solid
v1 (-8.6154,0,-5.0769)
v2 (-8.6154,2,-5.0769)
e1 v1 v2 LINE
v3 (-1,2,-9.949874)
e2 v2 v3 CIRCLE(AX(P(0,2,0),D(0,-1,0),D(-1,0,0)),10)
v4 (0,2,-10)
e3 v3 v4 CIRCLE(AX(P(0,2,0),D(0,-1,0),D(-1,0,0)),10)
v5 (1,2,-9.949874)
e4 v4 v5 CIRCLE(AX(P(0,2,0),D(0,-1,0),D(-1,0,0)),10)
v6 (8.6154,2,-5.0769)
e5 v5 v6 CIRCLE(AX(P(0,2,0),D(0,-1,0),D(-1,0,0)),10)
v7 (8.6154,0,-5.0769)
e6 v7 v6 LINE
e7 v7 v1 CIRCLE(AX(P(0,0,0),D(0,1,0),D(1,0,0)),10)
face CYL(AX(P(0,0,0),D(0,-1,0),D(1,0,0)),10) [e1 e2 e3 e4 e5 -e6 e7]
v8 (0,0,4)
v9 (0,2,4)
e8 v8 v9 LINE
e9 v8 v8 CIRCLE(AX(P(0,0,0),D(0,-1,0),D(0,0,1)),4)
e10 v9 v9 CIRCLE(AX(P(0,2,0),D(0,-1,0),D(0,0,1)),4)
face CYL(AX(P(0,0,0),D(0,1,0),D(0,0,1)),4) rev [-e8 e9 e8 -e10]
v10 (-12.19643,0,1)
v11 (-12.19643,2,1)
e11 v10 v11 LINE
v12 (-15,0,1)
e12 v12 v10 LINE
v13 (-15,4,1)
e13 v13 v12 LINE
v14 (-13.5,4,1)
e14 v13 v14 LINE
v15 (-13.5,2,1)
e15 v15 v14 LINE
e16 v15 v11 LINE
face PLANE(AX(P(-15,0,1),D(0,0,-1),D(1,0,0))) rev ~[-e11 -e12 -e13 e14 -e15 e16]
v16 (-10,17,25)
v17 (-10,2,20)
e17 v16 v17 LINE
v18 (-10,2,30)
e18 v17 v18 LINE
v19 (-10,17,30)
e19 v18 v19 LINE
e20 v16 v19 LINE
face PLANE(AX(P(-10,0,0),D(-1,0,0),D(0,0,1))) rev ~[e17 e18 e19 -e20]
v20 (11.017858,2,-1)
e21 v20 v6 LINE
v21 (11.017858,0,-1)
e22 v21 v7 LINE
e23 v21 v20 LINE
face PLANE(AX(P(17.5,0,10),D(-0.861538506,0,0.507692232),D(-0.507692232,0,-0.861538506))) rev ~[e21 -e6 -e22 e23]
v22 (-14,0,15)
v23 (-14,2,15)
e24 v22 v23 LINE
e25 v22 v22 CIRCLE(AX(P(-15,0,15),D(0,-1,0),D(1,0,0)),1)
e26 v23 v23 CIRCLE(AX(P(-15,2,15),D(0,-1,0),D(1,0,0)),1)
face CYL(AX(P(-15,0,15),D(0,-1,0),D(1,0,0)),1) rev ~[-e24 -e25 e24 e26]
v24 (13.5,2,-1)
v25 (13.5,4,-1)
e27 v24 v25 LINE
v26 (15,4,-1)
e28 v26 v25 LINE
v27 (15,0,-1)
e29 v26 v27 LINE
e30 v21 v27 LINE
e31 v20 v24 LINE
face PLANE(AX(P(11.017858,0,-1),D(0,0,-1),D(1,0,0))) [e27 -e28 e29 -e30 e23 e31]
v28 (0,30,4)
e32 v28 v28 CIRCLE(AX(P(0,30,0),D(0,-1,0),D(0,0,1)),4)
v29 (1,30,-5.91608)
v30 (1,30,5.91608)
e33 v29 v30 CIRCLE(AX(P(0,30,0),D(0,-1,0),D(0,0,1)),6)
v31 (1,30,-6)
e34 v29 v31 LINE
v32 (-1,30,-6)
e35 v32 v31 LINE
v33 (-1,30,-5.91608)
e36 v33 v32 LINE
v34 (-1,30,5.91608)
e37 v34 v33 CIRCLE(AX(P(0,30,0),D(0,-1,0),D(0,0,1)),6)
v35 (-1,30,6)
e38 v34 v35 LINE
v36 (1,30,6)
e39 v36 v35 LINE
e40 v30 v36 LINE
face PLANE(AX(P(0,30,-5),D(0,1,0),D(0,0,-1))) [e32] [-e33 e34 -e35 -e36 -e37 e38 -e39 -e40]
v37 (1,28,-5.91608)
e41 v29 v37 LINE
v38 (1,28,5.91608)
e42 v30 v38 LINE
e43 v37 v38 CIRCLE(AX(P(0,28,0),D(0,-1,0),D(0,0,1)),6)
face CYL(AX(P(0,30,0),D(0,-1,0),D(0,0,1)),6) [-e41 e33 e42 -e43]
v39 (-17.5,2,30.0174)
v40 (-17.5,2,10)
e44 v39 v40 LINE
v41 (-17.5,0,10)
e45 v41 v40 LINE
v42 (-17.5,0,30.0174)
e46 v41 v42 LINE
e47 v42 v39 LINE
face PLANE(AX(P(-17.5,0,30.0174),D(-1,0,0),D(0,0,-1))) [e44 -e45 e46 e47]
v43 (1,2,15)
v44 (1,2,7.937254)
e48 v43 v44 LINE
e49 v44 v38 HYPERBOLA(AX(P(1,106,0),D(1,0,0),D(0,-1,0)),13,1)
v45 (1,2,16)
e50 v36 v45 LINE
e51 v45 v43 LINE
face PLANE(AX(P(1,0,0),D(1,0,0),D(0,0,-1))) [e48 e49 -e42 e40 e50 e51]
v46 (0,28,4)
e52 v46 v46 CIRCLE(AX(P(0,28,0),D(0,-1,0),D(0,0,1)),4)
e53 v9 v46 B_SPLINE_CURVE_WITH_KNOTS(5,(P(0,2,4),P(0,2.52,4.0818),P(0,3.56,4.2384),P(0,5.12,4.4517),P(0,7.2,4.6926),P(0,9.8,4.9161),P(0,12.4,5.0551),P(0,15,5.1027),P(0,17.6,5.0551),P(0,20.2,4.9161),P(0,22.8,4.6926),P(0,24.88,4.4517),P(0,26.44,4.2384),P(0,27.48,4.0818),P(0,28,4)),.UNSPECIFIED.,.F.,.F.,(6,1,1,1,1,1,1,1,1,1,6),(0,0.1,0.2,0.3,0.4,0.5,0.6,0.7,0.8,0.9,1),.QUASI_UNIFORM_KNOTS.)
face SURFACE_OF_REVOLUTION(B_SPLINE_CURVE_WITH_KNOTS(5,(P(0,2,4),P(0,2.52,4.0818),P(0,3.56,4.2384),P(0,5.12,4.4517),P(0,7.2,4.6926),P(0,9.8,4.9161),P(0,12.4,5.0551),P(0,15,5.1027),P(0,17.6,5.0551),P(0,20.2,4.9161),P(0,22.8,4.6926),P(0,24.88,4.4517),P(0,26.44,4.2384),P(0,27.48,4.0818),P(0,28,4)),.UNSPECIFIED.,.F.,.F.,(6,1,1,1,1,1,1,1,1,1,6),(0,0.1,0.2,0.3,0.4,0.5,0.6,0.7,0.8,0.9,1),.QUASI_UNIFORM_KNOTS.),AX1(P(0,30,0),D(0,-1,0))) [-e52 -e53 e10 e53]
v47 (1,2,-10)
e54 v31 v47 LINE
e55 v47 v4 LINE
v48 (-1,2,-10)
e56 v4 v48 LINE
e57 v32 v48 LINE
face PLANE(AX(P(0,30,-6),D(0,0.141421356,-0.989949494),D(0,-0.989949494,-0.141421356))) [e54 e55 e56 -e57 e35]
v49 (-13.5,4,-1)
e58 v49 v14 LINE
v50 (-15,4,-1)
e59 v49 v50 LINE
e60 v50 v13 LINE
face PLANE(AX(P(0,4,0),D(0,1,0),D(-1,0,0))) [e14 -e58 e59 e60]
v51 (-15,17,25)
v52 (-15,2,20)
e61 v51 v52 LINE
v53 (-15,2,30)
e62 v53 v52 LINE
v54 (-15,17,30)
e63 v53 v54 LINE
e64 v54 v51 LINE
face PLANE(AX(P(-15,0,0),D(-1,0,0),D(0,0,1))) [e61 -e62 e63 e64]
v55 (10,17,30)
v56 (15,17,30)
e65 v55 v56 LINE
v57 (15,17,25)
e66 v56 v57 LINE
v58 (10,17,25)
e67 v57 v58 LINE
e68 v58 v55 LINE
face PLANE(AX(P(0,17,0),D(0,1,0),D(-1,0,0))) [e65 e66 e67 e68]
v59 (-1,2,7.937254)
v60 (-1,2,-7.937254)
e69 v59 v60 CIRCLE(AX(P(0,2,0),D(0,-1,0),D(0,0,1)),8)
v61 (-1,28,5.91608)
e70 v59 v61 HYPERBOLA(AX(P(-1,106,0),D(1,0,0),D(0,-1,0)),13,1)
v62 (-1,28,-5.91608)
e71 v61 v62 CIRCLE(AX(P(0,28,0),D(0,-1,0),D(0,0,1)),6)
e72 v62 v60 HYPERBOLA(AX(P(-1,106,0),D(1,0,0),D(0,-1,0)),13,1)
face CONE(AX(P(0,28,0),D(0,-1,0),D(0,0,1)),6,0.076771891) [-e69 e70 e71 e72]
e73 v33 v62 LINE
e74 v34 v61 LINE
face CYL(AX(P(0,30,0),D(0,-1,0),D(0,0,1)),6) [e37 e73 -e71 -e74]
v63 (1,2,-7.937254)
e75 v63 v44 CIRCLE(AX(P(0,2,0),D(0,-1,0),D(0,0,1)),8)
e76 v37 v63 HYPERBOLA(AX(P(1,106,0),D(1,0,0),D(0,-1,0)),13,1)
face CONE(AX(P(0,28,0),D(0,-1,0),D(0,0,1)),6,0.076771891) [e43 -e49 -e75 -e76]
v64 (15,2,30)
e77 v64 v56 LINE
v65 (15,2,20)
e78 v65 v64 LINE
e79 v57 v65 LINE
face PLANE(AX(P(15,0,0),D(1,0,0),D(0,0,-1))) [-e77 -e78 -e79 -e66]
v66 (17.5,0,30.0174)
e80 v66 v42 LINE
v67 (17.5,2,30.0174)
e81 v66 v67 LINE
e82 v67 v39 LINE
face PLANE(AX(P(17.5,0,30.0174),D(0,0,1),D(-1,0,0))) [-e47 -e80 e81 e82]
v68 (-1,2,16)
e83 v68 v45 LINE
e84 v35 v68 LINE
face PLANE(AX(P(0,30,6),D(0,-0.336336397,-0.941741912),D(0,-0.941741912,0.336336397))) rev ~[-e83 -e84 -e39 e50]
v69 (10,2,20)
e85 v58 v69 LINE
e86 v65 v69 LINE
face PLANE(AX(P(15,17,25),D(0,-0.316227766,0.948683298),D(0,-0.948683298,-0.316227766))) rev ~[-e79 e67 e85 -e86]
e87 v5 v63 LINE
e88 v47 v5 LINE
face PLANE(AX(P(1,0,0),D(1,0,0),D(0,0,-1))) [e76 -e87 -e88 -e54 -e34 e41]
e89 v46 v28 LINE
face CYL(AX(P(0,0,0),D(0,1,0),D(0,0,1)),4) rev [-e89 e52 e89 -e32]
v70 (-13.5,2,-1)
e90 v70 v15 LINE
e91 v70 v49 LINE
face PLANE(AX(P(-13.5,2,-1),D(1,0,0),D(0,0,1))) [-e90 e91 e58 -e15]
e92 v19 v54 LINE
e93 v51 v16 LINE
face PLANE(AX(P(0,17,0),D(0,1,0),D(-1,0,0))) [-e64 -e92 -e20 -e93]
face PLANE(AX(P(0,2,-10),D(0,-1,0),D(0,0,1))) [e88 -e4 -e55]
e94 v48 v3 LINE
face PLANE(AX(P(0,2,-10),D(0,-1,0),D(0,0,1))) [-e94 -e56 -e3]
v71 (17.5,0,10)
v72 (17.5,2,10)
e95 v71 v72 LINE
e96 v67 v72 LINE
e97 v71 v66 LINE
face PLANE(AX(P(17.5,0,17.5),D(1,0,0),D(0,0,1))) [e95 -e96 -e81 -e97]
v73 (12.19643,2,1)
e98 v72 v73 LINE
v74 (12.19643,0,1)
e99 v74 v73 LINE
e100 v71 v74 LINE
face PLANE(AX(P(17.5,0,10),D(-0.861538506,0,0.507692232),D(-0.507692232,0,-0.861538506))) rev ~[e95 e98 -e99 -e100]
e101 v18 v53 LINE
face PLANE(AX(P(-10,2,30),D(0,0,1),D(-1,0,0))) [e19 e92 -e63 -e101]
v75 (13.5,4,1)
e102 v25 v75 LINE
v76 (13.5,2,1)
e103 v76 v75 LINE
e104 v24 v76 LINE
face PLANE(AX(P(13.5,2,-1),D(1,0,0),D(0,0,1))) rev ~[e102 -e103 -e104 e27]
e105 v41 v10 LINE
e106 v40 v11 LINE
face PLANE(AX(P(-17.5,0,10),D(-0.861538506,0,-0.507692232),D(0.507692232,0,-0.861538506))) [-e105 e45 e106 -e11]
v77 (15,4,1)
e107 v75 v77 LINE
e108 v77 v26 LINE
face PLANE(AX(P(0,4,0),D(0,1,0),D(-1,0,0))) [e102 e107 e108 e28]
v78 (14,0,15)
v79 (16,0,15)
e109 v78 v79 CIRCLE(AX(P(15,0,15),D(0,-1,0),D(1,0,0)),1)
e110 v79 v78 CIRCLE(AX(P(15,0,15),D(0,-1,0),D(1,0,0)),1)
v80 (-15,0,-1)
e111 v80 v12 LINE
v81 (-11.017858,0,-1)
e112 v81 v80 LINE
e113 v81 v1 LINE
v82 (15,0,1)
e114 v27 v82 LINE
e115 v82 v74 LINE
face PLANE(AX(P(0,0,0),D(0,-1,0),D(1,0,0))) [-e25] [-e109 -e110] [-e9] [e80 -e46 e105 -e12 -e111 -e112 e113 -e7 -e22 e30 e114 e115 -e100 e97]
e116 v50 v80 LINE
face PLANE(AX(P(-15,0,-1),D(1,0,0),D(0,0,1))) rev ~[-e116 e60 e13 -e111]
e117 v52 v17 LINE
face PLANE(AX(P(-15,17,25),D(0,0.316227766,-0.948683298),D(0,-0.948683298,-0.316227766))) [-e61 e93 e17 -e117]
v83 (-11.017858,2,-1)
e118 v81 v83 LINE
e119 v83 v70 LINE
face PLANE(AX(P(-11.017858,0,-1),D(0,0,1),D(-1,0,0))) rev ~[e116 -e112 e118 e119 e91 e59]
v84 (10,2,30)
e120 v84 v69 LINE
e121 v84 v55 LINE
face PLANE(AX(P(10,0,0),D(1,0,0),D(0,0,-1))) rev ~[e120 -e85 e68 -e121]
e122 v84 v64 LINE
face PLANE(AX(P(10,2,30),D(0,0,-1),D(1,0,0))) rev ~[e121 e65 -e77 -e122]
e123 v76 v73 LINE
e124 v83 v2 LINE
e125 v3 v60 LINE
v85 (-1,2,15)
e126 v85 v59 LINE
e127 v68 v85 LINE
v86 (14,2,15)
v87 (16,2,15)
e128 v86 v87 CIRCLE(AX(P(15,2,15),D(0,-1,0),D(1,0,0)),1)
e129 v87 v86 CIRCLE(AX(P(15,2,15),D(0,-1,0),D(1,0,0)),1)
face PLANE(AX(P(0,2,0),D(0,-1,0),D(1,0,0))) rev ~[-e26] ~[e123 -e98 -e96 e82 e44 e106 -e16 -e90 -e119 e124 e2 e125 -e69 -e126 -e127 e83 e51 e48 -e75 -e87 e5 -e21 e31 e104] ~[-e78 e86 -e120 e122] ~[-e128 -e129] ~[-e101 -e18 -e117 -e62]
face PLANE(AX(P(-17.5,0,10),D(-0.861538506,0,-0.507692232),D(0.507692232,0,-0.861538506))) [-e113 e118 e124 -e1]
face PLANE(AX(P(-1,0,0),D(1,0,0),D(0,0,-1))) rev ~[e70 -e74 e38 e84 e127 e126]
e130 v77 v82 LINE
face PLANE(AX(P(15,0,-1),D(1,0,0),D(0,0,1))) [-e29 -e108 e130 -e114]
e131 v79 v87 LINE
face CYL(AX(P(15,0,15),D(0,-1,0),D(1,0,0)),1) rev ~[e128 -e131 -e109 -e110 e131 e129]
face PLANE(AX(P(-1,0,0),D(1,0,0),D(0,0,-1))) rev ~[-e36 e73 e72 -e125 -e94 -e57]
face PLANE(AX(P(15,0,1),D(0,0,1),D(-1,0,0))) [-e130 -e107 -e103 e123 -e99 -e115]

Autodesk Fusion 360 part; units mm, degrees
sketch "Sketch1" plane through (0, 0, 0) normal (1, 0, 0) x (0, 0, -1)
  line L0 (0, 0) -> (-4, 0)
  line L1 (-4, 0) -> (-4, 30)
  line L2 (-4, 30) -> (0, 30)
  line L3 (0, 30) -> (0, 0)
  line L4 (-4, 30) -> (-8, 30)
  line L5 (-8, 30) -> (-8, 0)
  line L6 (-8, 0) -> (-4, 0)
  line L7 (-4, 0) -> (-4, 30)
  line L8 (-4, 30) -> (-6, 30)
  line L9 (-6, 30) -> (-6, 28)
  line L10 (-6, 28) -> (-4, 28)
  line L11 (-4, 28) -> (-4, 30)
  line L12 (-4, 0) -> (-8, 0)
  line L13 (-8, 0) -> (-8, 2)
  line L14 (-8, 2) -> (-4, 2)
  line L15 (-4, 2) -> (-4, 0)
  line L16 (-6, 28) -> (-8, 2)
  spline S0 degree 5 poles (-4, 2) (-4.0818, 2.52) (-4.2384, 3.56) (-4.4517, 5.12) (-4.6926, 7.2) (-4.9161, 9.8) (-5.0551, 12.4) (-5.1027, 15) (-5.0551, 17.6) (-4.9161, 20.2) (-4.6926, 22.8) (-4.4517, 24.88) (-4.2384, 26.44) (-4.0818, 27.48) (-4, 28) knots 0 0 0 0 0 0 0.1 0.2 0.3 0.4 0.5 0.6 0.7 0.8 0.9 1 1 1 1 1 1
  point P0 (-5.079, 15)
  dimension "d1" = 4
  dimension "d2" = 30
  dimension "d3" = 4
  dimension "d4" = 30
  dimension "d5" = 2
  dimension "d6" = 2
  dimension "d7" = 2
revolve "Revolve1" add sketch "Sketch1" angle 360 about axis through (0, 30, 0) along (0, -1, 0) contours L1 L5 L6 L7 L12 L13 L14 L15 | L10 L14 L16 S0 | L1 L4 L7 L8 L9 L10 L11
sketch "Sketch2" plane through (0, 0, 0) normal (0, -1, 0) x (1, 0, 0)
  circle A0 centre (0, 0) radius 4
  circle A1 centre (0, 0) radius 8
  line L0 (0, 0) -> (10, 0)
  line L1 (10, 0) -> (10, 10)
  line L2 (10, 10) -> (0, 10)
  line L3 (0, 10) -> (0, 0)
  line L4 (0, 0) -> (-10, 0)
  line L5 (-10, 0) -> (-10, 10)
  line L6 (-10, 10) -> (0, 10)
  line L7 (0, 10) -> (0, 0)
  line L8 (0, 0) -> (-10, 0)
  line L9 (-10, 0) -> (-10, -10)
  line L10 (-10, -10) -> (0, -10)
  line L11 (0, -10) -> (0, 0)
  line L12 (0, 0) -> (10, 0)
  line L13 (10, 0) -> (10, -10)
  line L14 (10, -10) -> (0, -10)
  line L15 (0, -10) -> (0, 0)
  line L16 (0, 15) -> (-15, 15)
  line L17 (-15, 15) -> (0, 15)
  line L18 (0, 15) -> (15, 15)
  line L19 (-17.5, 17.5) -> (17.5, 17.5)
  line L20 (17.5, 17.5) -> (17.5, 10)
  line L21 (17.5, 10) -> (-17.5, 10)
  line L22 (-17.5, 10) -> (-17.5, 17.5)
  circle A2 centre (-15, 15) radius 1
  circle A3 centre (15, 15) radius 1
  line L23 (-10, -8) -> (10, -8)
  circle A4 centre (0, 0) radius 10
  dimension "d9" = 15
  dimension "d10" = 15
  dimension "d11" = 2
  dimension "d12" = 2
extrude "Extrude1" add sketch "Sketch2" against normal blind 2 contours A1 L0 L12 L23 A4 | A1 L0 L3 L7 L12 A4 | A1 L3 L4 L7 L8 A4 | A1 L4 L8 L23 A4 | L11 L15 L23 A4 | L11 L15 L23 A4 | L1 L2 L21 A4 | L2 L6 L19 L20 L21 L22 | L5 L6 L21 A4
sketch "Sketch3" plane through (0, 0, 0) normal (1, 0, 0) x (0, 0, -1)
  line L0 (-6, 30) -> (-16, 2)
  line L1 (-16, 2) -> (-7, 2)
  line L2 (-7, 2) -> (-5, 28)
  line L3 (-5, 28) -> (-5, 30)
  line L4 (-5, 30) -> (-6, 30)
extrude "Extrude2" add sketch "Sketch3" along normal mid plane 2
sketch "Sketch4" plane through (0, 0, 0) normal (1, 0, 0) x (0, 0, -1)
  line L0 (6, 30) -> (10, 2)
  line L1 (10, 2) -> (7, 2)
  line L2 (7, 2) -> (5, 28)
  line L3 (5, 28) -> (5, 30)
  line L4 (5, 30) -> (6, 30)
extrude "Extrude3" add sketch "Sketch4" along normal mid plane 2
sketch "Sketch5" plane through (0, 0, 0) normal (0, -1, 0) x (1, 0, 0)
  arc A0 (-10, 0) -> (10, 0) centre (0, 0) ccw
  line L0 (10, 0) -> (10, 10)
  line L1 (10, 10) -> (17.5, 10)
  line L2 (17.5, 10) -> (17.5, 17.5)
  line L3 (17.5, 17.5) -> (-17.5, 17.5)
  line L4 (-17.5, 17.5) -> (-17.5, 10)
  line L5 (-17.5, 10) -> (-10, 10)
  line L6 (-10, 10) -> (-10, 0)
  circle A1 centre (15, 15) radius 1
  circle A2 centre (-15, 15) radius 1
  circle A3 centre (0, 0) radius 4
  line L7 (-17.5, 10) -> (-8.6154, -5.0769)
  line L8 (17.5, 10) -> (8.6154, -5.0769)
extrude "Extrude4" add sketch "Sketch5" against normal blind 2 contours A0 L5 L6 L7 | A0 L0 L1 L8
sketch "Sketch6" plane through (0, 0, 0) normal (0, -1, 0) x (1, 0, 0)
  arc A0 (-8.6154, -5.0769) -> (8.6154, -5.0769) centre (0, 0) ccw
  line L0 (8.6154, -5.0769) -> (17.5, 10)
  line L1 (17.5, 10) -> (17.5, 17.5)
  line L2 (17.5, 17.5) -> (-17.5, 17.5)
  line L3 (-17.5, 17.5) -> (-17.5, 10)
  line L4 (-17.5, 10) -> (-8.6154, -5.0769)
  circle A1 centre (15, 15) radius 1
  circle A2 centre (-15, 15) radius 1
  circle A3 centre (0, 0) radius 4
  line L5 (10, -1) -> (15, -1)
  line L6 (15, -1) -> (15, 1)
  line L7 (15, 1) -> (10, 1)
  line L8 (10, 1) -> (10, -1)
  line L9 (-10, -1) -> (-15, -1)
  line L10 (-15, -1) -> (-15, 1)
  line L11 (-15, 1) -> (-10, 1)
  line L12 (-10, 1) -> (-10, -1)
extrude "Extrude5" add sketch "Sketch6" against normal blind 2 contours L4 L9 L10 L11 | L0 L5 L6 L7
sketch "Sketch7" plane through (0, 2, 0) normal (0, 1, 0) x (-1, 0, 0)
  line L0 (1, -7.9373) -> (1, -9.9499)
  arc A0 (1, -9.9499) -> (8.6154, -5.0769) centre (0, 0) ccw
  line L1 (8.6154, -5.0769) -> (11.0179, -1)
  line L2 (11.0179, -1) -> (15, -1)
  line L3 (15, -1) -> (15, 1)
  line L4 (15, 1) -> (12.1964, 1)
  line L5 (12.1964, 1) -> (17.5, 10)
  line L6 (17.5, 10) -> (17.5, 17.5)
  line L7 (17.5, 17.5) -> (-17.5, 17.5)
  line L8 (-17.5, 17.5) -> (-17.5, 10)
  line L9 (-17.5, 10) -> (-12.1964, 1)
  line L10 (-12.1964, 1) -> (-15, 1)
  line L11 (-15, 1) -> (-15, -1)
  line L12 (-15, -1) -> (-11.0179, -1)
  line L13 (-11.0179, -1) -> (-8.6154, -5.0769)
  arc A1 (-8.6154, -5.0769) -> (-1, -9.9499) centre (0, 0) ccw
  line L14 (-1, -9.9499) -> (-1, -7.9373)
  arc A2 (-1, 7.9373) -> (-1, -7.9373) centre (0, 0) ccw
  line L15 (-1, 7.9373) -> (-1, 16)
  line L16 (-1, 16) -> (1, 16)
  line L17 (1, 16) -> (1, 7.9373)
  arc A3 (1, -7.9373) -> (1, 7.9373) centre (0, 0) ccw
  circle A4 centre (15, 15) radius 1
  circle A5 centre (-15, 15) radius 1
  line L18 (15, -1) -> (13.5, -1)
  line L19 (13.5, -1) -> (13.5, 1)
  line L20 (13.5, 1) -> (15, 1)
  line L21 (15, 1) -> (15, -1)
  line L22 (-15, -1) -> (-13.5, -1)
  line L23 (-13.5, -1) -> (-13.5, 1)
  line L24 (-13.5, 1) -> (-15, 1)
  line L25 (-15, 1) -> (-15, -1)
  dimension "d23" = 1.5
  dimension "d24" = 1.5
extrude "Extrude6" add sketch "Sketch7" along normal blind 2 contours L2 L3 L4 L18 L19 L20 L21 | L10 L11 L12 L22 L23 L24 L25
sketch "Sketch8" plane through (0, 0, 0) normal (0, -1, 0) x (1, 0, 0)
  arc A0 (-8.6154, -5.0769) -> (8.6154, -5.0769) centre (0, 0) ccw
  line L0 (8.6154, -5.0769) -> (11.0179, -1)
  line L1 (11.0179, -1) -> (15, -1)
  line L2 (15, -1) -> (15, 1)
  line L3 (15, 1) -> (12.1964, 1)
  line L4 (12.1964, 1) -> (17.5, 10)
  line L5 (17.5, 10) -> (17.5, 17.5)
  line L6 (17.5, 17.5) -> (-17.5, 17.5)
  line L7 (-17.5, 17.5) -> (-17.5, 10)
  line L8 (-17.5, 10) -> (-12.1964, 1)
  line L9 (-12.1964, 1) -> (-15, 1)
  line L10 (-15, 1) -> (-15, -1)
  line L11 (-15, -1) -> (-11.0179, -1)
  line L12 (-11.0179, -1) -> (-8.6154, -5.0769)
  circle A1 centre (15, 15) radius 1
  circle A2 centre (-15, 15) radius 1
  circle A3 centre (0, 0) radius 4
  line L13 (-17.5, 15.0174) -> (17.5, 15.0174)
  line L14 (17.5, 15.0174) -> (17.5, 30.0174)
  line L15 (17.5, 30.0174) -> (-17.5, 30.0174)
  line L16 (-17.5, 30.0174) -> (-17.5, 15.0174)
  dimension "d27" = 35
  dimension "d28" = 15
extrude "Extrude7" add sketch "Sketch8" against normal blind 2 contours L6 L14 L15 L16
sketch "Sketch9" plane through (0, 2, 0) normal (0, 1, 0) x (-1, 0, 0)
  circle A0 centre (-15, 15) radius 1
  circle A1 centre (15, 15) radius 1
  line L0 (13.5, -1) -> (13.5, 1)
  line L1 (13.5, 1) -> (12.1964, 1)
  line L2 (12.1964, 1) -> (17.5, 10)
  line L3 (17.5, 10) -> (17.5, 30.0174)
  line L4 (17.5, 30.0174) -> (-17.5, 30.0174)
  line L5 (-17.5, 30.0174) -> (-17.5, 10)
  line L6 (-17.5, 10) -> (-12.1964, 1)
  line L7 (-12.1964, 1) -> (-13.5, 1)
  line L8 (-13.5, 1) -> (-13.5, -1)
  line L9 (-13.5, -1) -> (-11.0179, -1)
  line L10 (-11.0179, -1) -> (-8.6154, -5.0769)
  arc A2 (-8.6154, -5.0769) -> (-1, -9.9499) centre (0, 0) ccw
  line L11 (-1, -9.9499) -> (-1, -7.9373)
  arc A3 (-1, 7.9373) -> (-1, -7.9373) centre (0, 0) ccw
  line L12 (-1, 7.9373) -> (-1, 16)
  line L13 (-1, 16) -> (1, 16)
  line L14 (1, 16) -> (1, 7.9373)
  arc A4 (1, -7.9373) -> (1, 7.9373) centre (0, 0) ccw
  line L15 (1, -7.9373) -> (1, -9.9499)
  arc A5 (1, -9.9499) -> (8.6154, -5.0769) centre (0, 0) ccw
  line L16 (8.6154, -5.0769) -> (11.0179, -1)
  line L17 (11.0179, -1) -> (13.5, -1)
  line L18 (15, 25) -> (10, 25)
  line L19 (10, 25) -> (10, 30)
  line L20 (10, 30) -> (15, 30)
  line L21 (15, 30) -> (15, 25)
  line L22 (-15, 25) -> (-10, 25)
  line L23 (-10, 25) -> (-10, 30)
  line L24 (-10, 30) -> (-15, 30)
  line L25 (-15, 30) -> (-15, 25)
  line L26 (-10, 25) -> (-1, 7.9373)
  line L27 (-15, 25) -> (-5.0752, 6.184)
  line L28 (10, 25) -> (1, 7.9373)
  line L29 (15, 25) -> (5.0752, 6.184)
  dimension "d31" = 5
  dimension "d32" = 5
extrude "Extrude8" add sketch "Sketch9" along normal blind 15 contours L18 L19 L20 L21 | L22 L23 L24 L25
sketch "Sketch10" plane through (15, 0, 0) normal (1, 0, 0) x (0, 0, -1)
  line L0 (-30, 2) -> (-25, 2)
  line L1 (-25, 2) -> (-25, 17)
  line L2 (-25, 17) -> (-30, 17)
  line L3 (-30, 17) -> (-30, 2)
  line L4 (-25, 17) -> (-20, 17)
  line L5 (-20, 17) -> (-20, 2)
  line L6 (-20, 2) -> (-25, 2)
  line L7 (-25, 2) -> (-25, 17)
  line L8 (-25, 17) -> (-20, 2)
extrude "Extrude9" add sketch "Sketch10" against normal blind 5 contours L1 L6 L7 L8
sketch "Sketch11" plane through (-15, 0, 0) normal (-1, 0, 0) x (0, 0, 1)
  line L0 (25, 2) -> (30, 2)
  line L1 (30, 2) -> (30, 17)
  line L2 (30, 17) -> (25, 17)
  line L3 (25, 17) -> (25, 2)
  line L4 (25, 17) -> (20, 17)
  line L5 (20, 17) -> (20, 2)
  line L6 (20, 2) -> (25, 2)
  line L7 (25, 2) -> (25, 17)
  line L8 (25, 17) -> (20, 2)
extrude "Extrude10" add sketch "Sketch11" against normal blind 5 contours L3 L6 L7 L8
